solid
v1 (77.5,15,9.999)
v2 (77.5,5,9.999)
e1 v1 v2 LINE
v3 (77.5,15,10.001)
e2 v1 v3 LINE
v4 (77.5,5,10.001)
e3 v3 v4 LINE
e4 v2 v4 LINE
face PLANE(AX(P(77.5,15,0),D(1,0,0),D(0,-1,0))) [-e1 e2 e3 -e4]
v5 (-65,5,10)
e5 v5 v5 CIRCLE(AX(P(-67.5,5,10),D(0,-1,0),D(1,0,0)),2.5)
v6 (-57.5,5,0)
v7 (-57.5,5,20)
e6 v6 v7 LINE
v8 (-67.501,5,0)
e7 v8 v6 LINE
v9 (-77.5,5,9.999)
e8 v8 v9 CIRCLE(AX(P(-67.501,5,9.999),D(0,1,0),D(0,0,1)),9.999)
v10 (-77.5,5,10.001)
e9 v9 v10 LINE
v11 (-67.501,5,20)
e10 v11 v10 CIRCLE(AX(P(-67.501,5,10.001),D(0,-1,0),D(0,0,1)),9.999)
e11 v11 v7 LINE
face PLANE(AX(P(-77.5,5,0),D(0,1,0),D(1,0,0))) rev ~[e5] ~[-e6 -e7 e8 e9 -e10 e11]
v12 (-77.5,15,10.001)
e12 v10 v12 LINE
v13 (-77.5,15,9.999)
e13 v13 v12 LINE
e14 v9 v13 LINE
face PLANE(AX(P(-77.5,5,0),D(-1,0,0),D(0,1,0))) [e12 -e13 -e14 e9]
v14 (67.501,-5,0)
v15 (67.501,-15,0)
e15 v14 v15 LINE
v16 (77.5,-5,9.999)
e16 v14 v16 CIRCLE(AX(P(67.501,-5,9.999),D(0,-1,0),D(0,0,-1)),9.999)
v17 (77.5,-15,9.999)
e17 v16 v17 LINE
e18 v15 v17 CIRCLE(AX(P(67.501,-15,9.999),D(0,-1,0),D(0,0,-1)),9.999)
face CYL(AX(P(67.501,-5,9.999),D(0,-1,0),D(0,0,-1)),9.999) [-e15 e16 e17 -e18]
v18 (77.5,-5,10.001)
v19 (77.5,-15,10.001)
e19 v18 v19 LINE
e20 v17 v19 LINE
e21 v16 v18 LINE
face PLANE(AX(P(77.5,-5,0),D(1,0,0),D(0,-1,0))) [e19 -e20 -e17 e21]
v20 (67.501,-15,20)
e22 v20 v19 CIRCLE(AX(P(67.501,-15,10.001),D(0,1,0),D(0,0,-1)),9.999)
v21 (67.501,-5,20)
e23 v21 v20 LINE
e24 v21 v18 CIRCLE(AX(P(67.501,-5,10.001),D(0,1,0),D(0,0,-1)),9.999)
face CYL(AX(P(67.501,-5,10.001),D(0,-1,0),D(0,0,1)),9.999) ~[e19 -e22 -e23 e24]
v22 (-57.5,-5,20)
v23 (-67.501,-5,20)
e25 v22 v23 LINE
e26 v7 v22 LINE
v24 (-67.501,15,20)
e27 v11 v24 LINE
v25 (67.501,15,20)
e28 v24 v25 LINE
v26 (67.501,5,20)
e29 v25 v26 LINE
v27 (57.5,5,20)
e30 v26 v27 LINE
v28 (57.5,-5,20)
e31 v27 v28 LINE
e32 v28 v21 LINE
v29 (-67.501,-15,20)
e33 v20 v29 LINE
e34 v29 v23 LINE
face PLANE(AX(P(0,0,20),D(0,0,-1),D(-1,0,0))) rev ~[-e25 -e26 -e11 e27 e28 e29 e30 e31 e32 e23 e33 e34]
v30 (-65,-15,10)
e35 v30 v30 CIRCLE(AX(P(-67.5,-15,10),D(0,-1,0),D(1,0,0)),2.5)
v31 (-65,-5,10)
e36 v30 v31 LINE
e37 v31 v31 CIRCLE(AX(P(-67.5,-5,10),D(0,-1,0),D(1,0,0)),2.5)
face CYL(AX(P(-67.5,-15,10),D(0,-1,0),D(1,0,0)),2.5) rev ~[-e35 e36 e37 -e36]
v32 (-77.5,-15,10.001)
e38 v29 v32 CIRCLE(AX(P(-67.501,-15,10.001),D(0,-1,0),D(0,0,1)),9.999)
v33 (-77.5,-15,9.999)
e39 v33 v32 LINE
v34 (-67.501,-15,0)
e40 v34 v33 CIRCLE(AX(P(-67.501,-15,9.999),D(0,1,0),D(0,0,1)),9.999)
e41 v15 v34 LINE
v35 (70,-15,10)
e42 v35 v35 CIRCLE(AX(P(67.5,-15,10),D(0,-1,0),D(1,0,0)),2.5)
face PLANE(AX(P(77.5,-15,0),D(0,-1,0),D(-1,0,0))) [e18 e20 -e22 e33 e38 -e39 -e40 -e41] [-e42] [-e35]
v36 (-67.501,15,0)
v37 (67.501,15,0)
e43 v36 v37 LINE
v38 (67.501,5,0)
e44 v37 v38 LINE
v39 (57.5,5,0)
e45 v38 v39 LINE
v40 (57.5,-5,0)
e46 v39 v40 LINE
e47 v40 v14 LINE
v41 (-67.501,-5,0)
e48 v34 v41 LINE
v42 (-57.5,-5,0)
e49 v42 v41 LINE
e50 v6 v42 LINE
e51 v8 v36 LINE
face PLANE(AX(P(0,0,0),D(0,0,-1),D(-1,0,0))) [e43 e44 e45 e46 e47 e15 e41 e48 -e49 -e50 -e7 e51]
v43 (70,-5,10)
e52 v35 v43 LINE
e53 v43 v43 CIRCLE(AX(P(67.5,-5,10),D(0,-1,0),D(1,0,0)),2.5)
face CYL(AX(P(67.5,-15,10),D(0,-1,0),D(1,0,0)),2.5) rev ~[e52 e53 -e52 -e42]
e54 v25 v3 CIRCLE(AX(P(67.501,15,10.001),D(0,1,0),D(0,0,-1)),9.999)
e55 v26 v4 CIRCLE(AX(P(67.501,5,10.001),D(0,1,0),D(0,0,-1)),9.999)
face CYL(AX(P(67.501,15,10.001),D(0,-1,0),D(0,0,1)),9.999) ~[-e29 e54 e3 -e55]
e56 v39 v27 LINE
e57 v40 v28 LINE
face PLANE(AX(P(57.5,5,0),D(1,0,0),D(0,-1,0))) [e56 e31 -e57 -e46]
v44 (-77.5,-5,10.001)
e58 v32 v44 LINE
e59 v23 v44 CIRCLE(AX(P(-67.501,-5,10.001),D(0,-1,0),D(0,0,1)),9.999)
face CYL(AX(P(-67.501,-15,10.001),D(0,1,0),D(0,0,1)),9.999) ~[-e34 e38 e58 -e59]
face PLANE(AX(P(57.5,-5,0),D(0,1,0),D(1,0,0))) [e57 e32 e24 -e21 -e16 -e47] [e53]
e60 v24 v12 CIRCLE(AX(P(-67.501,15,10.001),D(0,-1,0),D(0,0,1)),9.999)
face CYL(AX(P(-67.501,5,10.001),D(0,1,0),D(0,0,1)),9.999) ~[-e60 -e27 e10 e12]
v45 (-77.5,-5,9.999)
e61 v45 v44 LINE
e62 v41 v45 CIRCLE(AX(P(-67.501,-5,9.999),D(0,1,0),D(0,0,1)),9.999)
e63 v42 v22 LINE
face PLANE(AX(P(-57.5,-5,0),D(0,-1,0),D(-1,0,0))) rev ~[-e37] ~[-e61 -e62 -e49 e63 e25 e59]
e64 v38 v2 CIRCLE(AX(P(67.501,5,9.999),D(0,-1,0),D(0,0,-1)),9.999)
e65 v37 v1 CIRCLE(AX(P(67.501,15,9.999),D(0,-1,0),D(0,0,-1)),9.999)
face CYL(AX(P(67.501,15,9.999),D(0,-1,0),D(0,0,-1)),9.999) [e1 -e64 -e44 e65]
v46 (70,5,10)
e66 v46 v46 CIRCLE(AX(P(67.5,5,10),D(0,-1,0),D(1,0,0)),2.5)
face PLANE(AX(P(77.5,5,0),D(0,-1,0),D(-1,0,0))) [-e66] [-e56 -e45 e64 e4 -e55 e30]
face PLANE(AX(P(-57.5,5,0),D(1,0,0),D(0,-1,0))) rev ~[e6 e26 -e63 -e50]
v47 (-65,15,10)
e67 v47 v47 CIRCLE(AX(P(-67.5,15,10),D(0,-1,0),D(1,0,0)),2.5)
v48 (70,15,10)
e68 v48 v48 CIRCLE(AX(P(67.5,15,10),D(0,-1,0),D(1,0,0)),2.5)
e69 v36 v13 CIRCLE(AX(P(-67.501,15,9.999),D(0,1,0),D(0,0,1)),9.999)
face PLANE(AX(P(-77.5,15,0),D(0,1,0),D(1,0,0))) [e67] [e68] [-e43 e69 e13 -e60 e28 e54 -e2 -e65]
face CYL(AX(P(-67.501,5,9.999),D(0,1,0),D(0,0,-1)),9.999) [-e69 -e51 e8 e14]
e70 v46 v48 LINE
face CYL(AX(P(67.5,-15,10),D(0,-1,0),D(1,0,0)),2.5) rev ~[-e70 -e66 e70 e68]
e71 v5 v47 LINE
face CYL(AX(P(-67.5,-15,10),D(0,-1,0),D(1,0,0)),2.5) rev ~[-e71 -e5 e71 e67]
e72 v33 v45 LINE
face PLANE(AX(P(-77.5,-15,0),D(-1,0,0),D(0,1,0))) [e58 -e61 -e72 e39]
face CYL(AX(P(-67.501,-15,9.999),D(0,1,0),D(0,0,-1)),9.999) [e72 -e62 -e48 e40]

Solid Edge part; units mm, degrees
sketch "Sketch1" plane through (0, 0, 0) normal (0, 0, 1) x (1, 0, 0)
  line L0 (57.5, -5) -> (77.5, -5)
  line L1 (77.5, -5) -> (77.5, -15)
  line L2 (77.5, -15) -> (-77.5, -15)
  line L3 (-77.5, -15) -> (-77.5, -5)
  line L4 (-57.5, -5) -> (-77.5, -5)
  line L5 (-57.5, 5) -> (-57.5, -5)
  line L6 (-77.5, 5) -> (-57.5, 5)
  line L7 (-77.5, 5) -> (-77.5, 15)
  line L8 (-77.5, 15) -> (77.5, 15)
  line L9 (77.5, 15) -> (77.5, 5)
  line L10 (77.5, 5) -> (57.5, 5)
  line L11 (57.5, 5) -> (57.5, -5)
extrude "Protrusion1" add sketch "Sketch1" along normal blind 20
sketch "Sketch2" plane through (0, -15, 10) normal (0, -1, 0) x (1, 0, 0)
  circle A0 centre (67.5, 0) radius 2.5
  circle A1 centre (-67.5, 0) radius 2.5
  dimension "D1" = 5
  dimension "D2" = 10
  dimension "D3" = 10
extrude "Cutout1" cut sketch "Sketch2" against normal up to surface (30 mm away)
fillet "Redondeo_1" radius 10 8 edges at (77.5, -10, 20) (77.5, 10, 20) (77.5, -10, 0) (77.5, 10, 0) (-77.5, 10, 20) (-77.5, -10, 20) (-77.5, -10, 0) (-77.5, 10, 0)
